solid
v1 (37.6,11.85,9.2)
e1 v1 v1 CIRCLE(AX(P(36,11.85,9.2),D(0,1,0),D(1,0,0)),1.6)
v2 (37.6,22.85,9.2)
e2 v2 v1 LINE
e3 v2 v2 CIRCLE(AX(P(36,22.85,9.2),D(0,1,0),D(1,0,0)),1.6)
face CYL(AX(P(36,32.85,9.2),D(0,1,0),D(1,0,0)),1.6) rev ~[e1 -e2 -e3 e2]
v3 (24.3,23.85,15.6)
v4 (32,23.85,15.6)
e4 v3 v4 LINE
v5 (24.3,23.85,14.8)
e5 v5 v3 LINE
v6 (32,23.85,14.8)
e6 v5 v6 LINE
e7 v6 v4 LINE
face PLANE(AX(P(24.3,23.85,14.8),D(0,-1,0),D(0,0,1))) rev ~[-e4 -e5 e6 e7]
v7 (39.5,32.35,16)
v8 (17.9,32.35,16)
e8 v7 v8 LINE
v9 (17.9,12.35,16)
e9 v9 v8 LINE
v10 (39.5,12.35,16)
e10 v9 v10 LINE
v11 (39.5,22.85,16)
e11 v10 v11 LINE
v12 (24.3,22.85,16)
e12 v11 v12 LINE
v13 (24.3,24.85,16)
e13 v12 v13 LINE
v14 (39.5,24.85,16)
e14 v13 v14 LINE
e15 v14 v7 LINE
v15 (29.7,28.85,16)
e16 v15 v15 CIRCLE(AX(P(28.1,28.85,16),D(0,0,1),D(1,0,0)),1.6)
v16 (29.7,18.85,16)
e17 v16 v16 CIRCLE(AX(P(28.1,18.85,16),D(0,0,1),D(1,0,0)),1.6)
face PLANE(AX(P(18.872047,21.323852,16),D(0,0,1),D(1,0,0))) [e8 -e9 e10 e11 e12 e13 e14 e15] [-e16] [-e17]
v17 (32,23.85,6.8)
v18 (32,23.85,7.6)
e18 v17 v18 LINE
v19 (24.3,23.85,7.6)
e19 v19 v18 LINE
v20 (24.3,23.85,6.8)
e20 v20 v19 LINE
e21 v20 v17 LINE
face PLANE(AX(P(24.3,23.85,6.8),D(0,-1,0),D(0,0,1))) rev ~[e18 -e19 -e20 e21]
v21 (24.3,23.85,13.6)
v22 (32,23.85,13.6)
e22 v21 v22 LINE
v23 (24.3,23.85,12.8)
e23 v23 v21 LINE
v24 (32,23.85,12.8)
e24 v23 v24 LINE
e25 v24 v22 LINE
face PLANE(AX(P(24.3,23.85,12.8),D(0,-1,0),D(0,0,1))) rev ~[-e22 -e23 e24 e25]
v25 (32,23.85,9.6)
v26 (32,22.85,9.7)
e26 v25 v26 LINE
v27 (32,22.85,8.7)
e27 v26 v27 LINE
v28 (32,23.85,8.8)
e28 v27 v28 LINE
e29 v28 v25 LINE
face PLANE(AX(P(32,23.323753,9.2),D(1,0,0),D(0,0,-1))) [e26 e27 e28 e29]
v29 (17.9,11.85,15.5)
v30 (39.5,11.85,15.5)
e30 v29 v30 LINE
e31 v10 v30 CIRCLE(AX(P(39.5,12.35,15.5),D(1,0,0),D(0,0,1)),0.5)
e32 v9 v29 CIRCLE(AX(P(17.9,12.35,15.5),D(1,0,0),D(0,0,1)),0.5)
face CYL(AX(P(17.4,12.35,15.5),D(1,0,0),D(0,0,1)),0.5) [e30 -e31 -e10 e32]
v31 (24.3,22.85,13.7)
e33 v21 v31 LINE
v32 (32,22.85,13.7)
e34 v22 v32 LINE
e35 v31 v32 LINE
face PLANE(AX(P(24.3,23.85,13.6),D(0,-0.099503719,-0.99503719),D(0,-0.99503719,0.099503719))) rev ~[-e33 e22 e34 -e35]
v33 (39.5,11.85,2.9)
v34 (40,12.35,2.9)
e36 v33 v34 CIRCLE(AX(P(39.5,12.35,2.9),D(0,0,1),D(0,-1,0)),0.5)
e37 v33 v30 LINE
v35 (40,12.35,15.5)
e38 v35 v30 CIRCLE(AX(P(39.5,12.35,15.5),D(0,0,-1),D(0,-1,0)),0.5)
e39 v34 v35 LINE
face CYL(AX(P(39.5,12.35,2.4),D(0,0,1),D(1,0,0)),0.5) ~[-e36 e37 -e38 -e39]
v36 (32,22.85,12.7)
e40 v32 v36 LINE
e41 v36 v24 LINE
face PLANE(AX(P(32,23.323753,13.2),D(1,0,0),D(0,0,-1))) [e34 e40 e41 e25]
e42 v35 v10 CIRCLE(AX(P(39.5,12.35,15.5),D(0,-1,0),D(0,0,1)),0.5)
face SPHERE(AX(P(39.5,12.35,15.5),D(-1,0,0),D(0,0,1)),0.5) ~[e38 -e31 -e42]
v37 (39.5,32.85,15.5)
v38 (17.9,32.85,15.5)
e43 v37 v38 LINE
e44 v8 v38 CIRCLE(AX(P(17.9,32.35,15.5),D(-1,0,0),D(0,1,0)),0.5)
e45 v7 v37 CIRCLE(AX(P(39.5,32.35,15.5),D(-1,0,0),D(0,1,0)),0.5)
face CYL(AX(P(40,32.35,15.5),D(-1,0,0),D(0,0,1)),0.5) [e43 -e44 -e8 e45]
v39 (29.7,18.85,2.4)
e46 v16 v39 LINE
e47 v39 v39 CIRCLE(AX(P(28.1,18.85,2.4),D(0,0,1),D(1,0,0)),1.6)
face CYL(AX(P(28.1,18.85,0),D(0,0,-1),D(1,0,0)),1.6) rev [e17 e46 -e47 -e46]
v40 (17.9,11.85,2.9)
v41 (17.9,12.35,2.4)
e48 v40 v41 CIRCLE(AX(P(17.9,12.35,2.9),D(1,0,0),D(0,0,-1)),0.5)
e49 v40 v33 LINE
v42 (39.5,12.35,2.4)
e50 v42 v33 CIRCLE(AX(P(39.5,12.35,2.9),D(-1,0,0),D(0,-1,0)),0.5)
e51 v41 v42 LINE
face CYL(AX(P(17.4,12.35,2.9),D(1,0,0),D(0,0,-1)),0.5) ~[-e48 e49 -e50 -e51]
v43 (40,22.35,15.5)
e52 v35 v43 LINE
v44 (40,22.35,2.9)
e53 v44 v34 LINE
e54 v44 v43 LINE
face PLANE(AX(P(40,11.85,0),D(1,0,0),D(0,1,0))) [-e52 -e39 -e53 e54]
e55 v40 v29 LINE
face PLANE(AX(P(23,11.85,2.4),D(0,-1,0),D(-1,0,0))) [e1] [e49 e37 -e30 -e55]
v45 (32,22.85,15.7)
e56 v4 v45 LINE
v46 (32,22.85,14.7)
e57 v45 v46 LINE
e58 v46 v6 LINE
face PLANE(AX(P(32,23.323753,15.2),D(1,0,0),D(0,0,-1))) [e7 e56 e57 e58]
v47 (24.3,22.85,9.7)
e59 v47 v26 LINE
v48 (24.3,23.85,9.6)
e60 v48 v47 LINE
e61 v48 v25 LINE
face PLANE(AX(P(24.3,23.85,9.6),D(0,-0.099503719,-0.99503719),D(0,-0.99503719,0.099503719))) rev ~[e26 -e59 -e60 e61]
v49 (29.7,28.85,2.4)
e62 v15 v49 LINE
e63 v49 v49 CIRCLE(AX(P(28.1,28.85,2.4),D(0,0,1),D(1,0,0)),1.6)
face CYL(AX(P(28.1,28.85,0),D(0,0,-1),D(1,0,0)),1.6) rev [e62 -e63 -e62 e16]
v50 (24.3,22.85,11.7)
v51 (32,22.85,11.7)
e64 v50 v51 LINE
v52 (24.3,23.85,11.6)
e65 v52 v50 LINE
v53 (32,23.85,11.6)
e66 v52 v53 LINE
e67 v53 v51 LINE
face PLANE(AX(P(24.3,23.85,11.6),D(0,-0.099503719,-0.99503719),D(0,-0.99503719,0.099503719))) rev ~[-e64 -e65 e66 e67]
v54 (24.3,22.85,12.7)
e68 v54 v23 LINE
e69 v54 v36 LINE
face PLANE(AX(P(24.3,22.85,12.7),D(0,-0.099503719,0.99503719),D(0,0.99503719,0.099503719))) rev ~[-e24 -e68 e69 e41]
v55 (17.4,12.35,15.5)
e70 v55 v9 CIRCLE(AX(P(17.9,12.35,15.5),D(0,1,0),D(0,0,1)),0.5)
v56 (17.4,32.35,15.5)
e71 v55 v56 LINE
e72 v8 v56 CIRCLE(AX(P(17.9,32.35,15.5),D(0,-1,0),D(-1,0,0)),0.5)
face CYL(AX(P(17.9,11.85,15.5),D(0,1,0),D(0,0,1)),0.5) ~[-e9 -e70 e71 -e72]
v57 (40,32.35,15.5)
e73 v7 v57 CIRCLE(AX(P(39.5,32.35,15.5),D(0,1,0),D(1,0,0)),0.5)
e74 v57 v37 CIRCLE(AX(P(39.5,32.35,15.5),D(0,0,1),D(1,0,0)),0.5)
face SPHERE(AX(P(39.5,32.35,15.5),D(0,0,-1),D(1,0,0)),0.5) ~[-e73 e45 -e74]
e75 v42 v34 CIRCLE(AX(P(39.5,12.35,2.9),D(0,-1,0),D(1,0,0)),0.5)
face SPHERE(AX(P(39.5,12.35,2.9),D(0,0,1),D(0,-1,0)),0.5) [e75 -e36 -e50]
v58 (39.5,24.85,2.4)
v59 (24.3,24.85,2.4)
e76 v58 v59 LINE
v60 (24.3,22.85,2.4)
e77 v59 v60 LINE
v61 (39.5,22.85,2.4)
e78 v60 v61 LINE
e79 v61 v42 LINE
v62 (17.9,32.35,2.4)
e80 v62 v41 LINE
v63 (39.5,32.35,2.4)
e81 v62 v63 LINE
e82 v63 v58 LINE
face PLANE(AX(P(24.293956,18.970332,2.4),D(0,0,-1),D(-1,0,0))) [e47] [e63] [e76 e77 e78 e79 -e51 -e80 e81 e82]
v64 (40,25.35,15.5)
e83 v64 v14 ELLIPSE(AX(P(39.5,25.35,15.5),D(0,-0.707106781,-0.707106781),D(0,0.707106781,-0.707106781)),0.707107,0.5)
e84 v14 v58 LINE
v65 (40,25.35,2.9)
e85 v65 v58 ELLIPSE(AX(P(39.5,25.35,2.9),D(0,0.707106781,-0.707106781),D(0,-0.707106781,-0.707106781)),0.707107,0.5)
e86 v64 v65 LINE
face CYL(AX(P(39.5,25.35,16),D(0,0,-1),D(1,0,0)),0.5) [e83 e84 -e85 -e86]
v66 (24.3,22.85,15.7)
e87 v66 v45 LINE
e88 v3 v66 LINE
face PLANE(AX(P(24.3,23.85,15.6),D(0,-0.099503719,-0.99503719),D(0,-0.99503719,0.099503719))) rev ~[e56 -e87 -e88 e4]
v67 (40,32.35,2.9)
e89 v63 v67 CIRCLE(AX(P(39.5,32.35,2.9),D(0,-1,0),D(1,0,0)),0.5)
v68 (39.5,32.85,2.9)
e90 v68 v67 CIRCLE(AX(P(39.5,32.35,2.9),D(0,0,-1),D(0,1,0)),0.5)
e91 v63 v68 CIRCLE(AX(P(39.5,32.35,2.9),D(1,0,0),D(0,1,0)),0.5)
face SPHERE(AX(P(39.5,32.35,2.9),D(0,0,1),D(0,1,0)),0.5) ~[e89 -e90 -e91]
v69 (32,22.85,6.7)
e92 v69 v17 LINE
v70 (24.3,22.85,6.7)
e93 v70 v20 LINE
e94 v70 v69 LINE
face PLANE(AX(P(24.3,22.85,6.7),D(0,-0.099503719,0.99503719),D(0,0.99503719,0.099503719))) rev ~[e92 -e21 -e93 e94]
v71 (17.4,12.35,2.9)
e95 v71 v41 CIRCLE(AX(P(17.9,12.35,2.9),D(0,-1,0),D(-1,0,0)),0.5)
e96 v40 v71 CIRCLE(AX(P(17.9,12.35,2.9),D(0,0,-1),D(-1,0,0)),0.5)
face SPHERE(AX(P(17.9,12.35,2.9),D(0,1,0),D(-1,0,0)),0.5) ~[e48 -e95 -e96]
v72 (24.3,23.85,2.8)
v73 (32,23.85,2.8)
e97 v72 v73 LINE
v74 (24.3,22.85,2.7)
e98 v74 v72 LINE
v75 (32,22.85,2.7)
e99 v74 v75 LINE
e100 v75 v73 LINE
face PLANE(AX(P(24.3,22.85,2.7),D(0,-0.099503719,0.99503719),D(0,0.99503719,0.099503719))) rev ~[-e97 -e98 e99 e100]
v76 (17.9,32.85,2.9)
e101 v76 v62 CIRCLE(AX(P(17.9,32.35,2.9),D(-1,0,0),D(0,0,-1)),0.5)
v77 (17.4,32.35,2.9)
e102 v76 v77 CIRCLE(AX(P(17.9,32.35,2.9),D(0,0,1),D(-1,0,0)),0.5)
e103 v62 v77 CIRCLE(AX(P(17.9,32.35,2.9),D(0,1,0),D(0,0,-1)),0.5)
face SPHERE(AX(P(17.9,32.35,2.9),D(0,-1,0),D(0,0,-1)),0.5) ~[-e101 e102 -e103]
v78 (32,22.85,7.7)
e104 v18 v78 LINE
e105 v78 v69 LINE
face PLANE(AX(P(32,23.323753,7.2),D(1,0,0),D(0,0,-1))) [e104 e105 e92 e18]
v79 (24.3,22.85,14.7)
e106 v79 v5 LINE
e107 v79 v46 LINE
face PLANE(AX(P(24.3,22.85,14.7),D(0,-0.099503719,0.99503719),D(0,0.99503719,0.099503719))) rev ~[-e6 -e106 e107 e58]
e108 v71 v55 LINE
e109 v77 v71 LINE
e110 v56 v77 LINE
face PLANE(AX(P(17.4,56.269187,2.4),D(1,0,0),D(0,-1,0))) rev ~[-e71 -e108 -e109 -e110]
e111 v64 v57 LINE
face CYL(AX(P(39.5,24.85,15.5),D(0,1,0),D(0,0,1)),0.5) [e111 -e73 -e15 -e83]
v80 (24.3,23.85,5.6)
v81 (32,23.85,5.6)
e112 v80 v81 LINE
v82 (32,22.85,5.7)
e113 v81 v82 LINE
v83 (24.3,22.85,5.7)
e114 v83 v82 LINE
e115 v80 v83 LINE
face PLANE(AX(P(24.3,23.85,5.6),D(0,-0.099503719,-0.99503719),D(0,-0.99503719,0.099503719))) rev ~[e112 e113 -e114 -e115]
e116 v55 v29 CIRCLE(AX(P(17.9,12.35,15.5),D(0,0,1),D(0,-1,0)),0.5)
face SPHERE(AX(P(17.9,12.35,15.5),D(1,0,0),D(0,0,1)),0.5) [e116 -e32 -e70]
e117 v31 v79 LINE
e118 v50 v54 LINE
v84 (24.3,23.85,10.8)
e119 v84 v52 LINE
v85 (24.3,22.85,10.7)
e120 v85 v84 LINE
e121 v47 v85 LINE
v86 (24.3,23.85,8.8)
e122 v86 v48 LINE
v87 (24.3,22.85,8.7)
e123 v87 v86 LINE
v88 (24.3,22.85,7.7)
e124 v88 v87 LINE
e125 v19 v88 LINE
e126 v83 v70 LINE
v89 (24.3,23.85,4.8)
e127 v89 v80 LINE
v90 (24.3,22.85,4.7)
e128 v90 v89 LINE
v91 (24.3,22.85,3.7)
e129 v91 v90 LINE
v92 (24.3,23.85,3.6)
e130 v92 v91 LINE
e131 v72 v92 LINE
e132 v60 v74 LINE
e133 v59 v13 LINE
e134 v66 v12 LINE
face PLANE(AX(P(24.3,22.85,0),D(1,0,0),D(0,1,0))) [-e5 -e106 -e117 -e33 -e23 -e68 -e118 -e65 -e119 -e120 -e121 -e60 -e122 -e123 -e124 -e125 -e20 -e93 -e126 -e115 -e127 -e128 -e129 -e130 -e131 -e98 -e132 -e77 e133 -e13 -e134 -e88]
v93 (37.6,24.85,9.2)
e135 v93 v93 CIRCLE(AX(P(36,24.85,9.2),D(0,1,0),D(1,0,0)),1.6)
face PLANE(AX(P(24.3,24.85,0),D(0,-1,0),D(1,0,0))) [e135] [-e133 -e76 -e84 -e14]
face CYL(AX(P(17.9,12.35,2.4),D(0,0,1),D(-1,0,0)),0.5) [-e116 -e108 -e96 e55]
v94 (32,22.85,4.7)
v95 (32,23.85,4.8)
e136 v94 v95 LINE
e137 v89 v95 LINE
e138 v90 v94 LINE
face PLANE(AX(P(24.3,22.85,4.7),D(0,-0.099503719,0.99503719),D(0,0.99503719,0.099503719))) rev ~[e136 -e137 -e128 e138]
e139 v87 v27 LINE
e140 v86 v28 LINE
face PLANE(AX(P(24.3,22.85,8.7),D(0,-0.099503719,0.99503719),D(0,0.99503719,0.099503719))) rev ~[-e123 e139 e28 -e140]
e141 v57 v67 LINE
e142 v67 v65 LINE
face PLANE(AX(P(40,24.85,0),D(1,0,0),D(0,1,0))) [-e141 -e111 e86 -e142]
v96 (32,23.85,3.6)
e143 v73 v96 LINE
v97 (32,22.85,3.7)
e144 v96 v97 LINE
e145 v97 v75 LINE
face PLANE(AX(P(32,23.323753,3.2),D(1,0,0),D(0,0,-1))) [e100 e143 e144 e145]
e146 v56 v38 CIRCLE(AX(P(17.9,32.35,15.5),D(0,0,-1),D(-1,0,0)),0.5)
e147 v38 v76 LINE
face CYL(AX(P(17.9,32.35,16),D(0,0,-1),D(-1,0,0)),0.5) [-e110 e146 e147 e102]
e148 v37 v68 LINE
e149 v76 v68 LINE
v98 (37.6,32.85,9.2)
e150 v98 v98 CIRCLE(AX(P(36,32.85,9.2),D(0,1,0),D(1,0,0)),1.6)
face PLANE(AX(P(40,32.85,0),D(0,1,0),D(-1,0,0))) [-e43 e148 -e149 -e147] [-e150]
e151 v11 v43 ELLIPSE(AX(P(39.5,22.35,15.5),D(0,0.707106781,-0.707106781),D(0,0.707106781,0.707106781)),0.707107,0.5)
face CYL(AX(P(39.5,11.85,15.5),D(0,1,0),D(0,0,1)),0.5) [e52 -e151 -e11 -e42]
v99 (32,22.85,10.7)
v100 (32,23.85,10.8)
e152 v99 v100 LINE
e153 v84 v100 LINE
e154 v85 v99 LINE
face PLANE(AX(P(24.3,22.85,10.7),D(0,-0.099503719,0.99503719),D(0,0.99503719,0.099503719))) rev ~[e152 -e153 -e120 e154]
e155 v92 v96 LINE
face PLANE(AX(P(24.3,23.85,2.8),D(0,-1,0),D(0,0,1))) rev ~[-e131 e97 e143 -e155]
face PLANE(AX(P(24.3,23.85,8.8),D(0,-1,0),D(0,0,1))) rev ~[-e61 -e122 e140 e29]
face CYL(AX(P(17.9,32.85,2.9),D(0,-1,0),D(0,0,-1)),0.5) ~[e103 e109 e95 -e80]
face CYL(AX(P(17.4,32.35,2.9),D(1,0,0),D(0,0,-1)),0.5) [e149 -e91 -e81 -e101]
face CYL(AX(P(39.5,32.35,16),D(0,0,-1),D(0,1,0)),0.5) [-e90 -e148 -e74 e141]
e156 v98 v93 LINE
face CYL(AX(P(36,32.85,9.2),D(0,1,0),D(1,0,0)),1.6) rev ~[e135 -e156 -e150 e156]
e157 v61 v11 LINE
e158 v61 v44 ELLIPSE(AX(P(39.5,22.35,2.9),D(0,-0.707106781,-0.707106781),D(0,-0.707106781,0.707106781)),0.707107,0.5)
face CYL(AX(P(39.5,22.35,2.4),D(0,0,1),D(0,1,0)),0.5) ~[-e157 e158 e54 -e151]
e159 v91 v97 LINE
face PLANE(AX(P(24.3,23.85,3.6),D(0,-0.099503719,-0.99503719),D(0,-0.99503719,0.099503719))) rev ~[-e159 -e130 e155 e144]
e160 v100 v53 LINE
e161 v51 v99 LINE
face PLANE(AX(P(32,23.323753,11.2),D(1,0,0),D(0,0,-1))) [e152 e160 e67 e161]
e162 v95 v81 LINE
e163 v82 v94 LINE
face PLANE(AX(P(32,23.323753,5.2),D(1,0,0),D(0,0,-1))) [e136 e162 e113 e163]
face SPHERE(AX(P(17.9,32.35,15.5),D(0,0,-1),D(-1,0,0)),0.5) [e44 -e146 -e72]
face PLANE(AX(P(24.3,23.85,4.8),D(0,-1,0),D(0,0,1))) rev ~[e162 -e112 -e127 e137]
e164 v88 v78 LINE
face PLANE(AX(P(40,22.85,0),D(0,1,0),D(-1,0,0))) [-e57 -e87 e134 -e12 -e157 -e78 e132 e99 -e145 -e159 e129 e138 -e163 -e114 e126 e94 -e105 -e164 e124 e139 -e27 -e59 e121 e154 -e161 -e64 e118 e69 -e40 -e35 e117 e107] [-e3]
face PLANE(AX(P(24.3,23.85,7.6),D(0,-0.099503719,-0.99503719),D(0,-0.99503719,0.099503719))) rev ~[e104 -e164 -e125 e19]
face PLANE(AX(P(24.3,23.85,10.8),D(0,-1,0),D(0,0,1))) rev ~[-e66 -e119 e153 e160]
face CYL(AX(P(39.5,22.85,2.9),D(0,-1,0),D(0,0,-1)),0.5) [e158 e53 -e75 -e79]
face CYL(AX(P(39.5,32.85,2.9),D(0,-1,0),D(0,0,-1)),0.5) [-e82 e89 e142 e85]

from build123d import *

# Parameters (mm, degrees)
SKETCH1_R               = 1.6
SKETCH1_R_2             = 5.7
BOSS_EXTRUDE1_DEPTH     = 16
SKETCH2_R               = 1.6
CUT_EXTRUDE1_DEPTH      = 18.4
SKETCH3_W               = 8
SKETCH3_H               = 4
CUT_EXTRUDE2_DEPTH      = 14.9
SKETCH4_R               = 2.6
CUT_EXTRUDE3_DEPTH      = 25
SKETCH5_R               = 6
CUT_EXTRUDE4_DEPTH      = 6
SKETCH6_R               = 4.025
CUT_EXTRUDE5_DEPTH      = 17.4
SKETCH7_R               = 7.95
CUT_EXTRUDE6_DEPTH      = 11
SKETCH8_R               = 7.95
CUT_EXTRUDE7_DEPTH      = 11
BOSS_EXTRUDE2_DEPTH     = 7.7
SKETCH10_R              = 1.6
CUT_EXTRUDE8_DEPTH      = 21
CUT_EXTRUDE9_DEPTH      = 20
CUT_EXTRUDE9_DEPTH_BACK = 20
FILLET2_R               = 0.5


with BuildPart() as part:
    # Sketch1 → Boss-Extrude1 (new body, symmetric)
    with BuildSketch(Plane.XY):
        with BuildLine():
            Line((0, 0), (23, 0))
            Line((23, 0), (23, 11.85))
            Line((23, 11.85), (40, 11.85))
            Line((40, 11.85), (40, 22.85))
            Line((40, 22.85), (24.3, 22.85))
            Line((24.3, 22.85), (24.3, 24.85))
            Line((24.3, 24.85), (40, 24.85))
            Line((40, 24.85), (40, 32.85))
            Line((40, 32.85), (15.939721203, 32.85))
            ThreePointArc((15.939721203, 32.85), (-0.817389789, 43.335843617), (1.211999203, 23.672800478))
            ThreePointArc((1.211999203, 23.672800478), (2.953099737, 18.191047558), (0, 13.255437353))
            Line((0, 13.255437353), (0, 0))
        make_face()
        with Locations((28.1, 28.85)):
            Circle(SKETCH1_R, mode=Mode.SUBTRACT)
        with Locations((28.1, 18.85)):
            Circle(SKETCH1_R, mode=Mode.SUBTRACT)
        with Locations((5, 34)):
            Circle(SKETCH1_R_2, mode=Mode.SUBTRACT)
    extrude(amount=BOSS_EXTRUDE1_DEPTH, both=True)

    # Sketch2 → Cut-Extrude1 (cut)
    with BuildSketch(Plane(origin=(0, 0, -16), x_dir=(-1, 0, 0), z_dir=(0, 0, -1))):
        with BuildLine():
            Line((-23, 0), (-15, 0))
            Line((-15, 0), (-15, 16.5))
            Line((-15, 16.5), (-2.538348415, 16.5))
            ThreePointArc((-2.538348415, 16.5), (-2.706537293, 16.994418404), (-2.837397166, 17.5))
            Line((-2.837397166, 17.5), (-15, 17.5))
            Line((-15, 17.5), (-15, 29.417424305))
            ThreePointArc((-15, 29.417424305), (-15.609600605, 31.095456144), (-15.939721203, 32.85))
            Line((-15.939721203, 32.85), (-40, 32.85))
            Line((-40, 32.85), (-40, 24.85))
            Line((-40, 24.85), (-24.3, 24.85))
            Line((-24.3, 24.85), (-24.3, 22.85))
            Line((-24.3, 22.85), (-40, 22.85))
            Line((-40, 22.85), (-40, 11.85))
            Line((-40, 11.85), (-23, 11.85))
            Line((-23, 11.85), (-23, 0))
        make_face()
        with Locations((-28.1, 18.85)):
            Circle(SKETCH2_R, mode=Mode.SUBTRACT)
        with Locations((-28.1, 28.85)):
            Circle(SKETCH2_R, mode=Mode.SUBTRACT)
    extrude(amount=-CUT_EXTRUDE1_DEPTH, mode=Mode.SUBTRACT)

    # Sketch3 → Cut-Extrude2 (cut)
    with BuildSketch(Plane(origin=(0, 0, -16), x_dir=(-1, 0, 0), z_dir=(0, 0, -1))):
        with Locations((-8.7, 21.5)):
            Rectangle(SKETCH3_W, SKETCH3_H)
    extrude(amount=-CUT_EXTRUDE2_DEPTH, mode=Mode.SUBTRACT)

    # Sketch4 → Cut-Extrude3 (cut)
    with BuildSketch(Plane.XZ):
        with Locations((8.7, -7.6)):
            Circle(SKETCH4_R)
    extrude(amount=-CUT_EXTRUDE3_DEPTH, mode=Mode.SUBTRACT)

    # Sketch5 → Cut-Extrude4 (cut)
    with BuildSketch(Plane.XZ):
        with Locations((8.7, -7.6)):
            Circle(SKETCH5_R)
    extrude(amount=-CUT_EXTRUDE4_DEPTH, mode=Mode.SUBTRACT)

    # Sketch6 → Cut-Extrude5 (cut)
    with BuildSketch(Plane.ZY):
        with Locations((4.2, 17)):
            Circle(SKETCH6_R)
    extrude(amount=-CUT_EXTRUDE5_DEPTH, mode=Mode.SUBTRACT)

    # Sketch7 → Cut-Extrude6 (cut)
    with BuildSketch(Plane(origin=(0, 0, -16), x_dir=(-1, 0, 0), z_dir=(0, 0, -1))):
        with Locations((-5, 34)):
            Circle(SKETCH7_R)
    extrude(amount=-CUT_EXTRUDE6_DEPTH, mode=Mode.SUBTRACT)

    # Sketch8 → Cut-Extrude7 (cut)
    with BuildSketch(Plane.XY.offset(16)):
        with Locations((5, 34)):
            Circle(SKETCH8_R)
    extrude(amount=-CUT_EXTRUDE7_DEPTH, mode=Mode.SUBTRACT)

    # Sketch9 → Boss-Extrude2 (add)
    with BuildSketch(Plane(origin=(24.3, 0, 0), x_dir=(0, 0, -1), z_dir=(1, 0, 0))):
        Polygon((-15.7, 22.85), (-14.7, 22.85), (-14.8, 23.85), (-15.6, 23.85), align=None)
        Polygon((-13.6, 23.85), (-13.7, 22.85), (-12.7, 22.85), (-12.8, 23.85), align=None)
        Polygon((-11.6, 23.85), (-11.7, 22.85), (-10.7, 22.85), (-10.8, 23.85), align=None)
        Polygon((-9.6, 23.85), (-9.7, 22.85), (-8.7, 22.85), (-8.8, 23.85), align=None)
        Polygon((-7.6, 23.85), (-7.7, 22.85), (-6.7, 22.85), (-6.8, 23.85), align=None)
        Polygon((-5.6, 23.85), (-5.7, 22.85), (-4.7, 22.85), (-4.8, 23.85), align=None)
        Polygon((-3.6, 23.85), (-3.7, 22.85), (-2.7, 22.85), (-2.8, 23.85), align=None)
    extrude(amount=BOSS_EXTRUDE2_DEPTH)

    # Sketch10 → Cut-Extrude8 (cut)
    with BuildSketch(Plane(origin=(0, 32.85, 0), x_dir=(1, 0, 0), z_dir=(0, 1, 0))):
        with Locations((36, -9.2)):
            Circle(SKETCH10_R)
    extrude(amount=-CUT_EXTRUDE8_DEPTH, mode=Mode.SUBTRACT)

    # Sketch11 → Cut-Extrude9 (cut, two sides)
    with BuildSketch(Plane(origin=(0, 0, 2.4), x_dir=(-1, 0, 0), z_dir=(0, 0, -1))) as cut_extrude9_sk:
        Polygon((-23, 11.85), (-17.4, 11.85), (-17.4, 32.85), (-17.4, 56.269186849), (20.068849224, 56.269186849), (20.068849224, -12.231640917), (-23, -11.328049524), (-29.029830536, 8.113428838), align=None)
    extrude(amount=CUT_EXTRUDE9_DEPTH, mode=Mode.SUBTRACT)
    extrude(cut_extrude9_sk.sketch, amount=-CUT_EXTRUDE9_DEPTH_BACK, mode=Mode.SUBTRACT)

    # Fillet2
    fillet2_edges = [part.edges().sort_by_distance(p)[0] for p in [
        (28.7, 11.85, 16),
        (17.4, 22.35, 2.4),
        (40, 17.35, 16),
        (40, 32.85, 9.2),
        (40, 24.85, 9.2),
        (40, 22.85, 9.2),
        (40, 11.85, 9.2),
        (28.7, 32.85, 2.4),
        (17.4, 32.85, 9.2),
        (17.4, 22.35, 16),
        (17.4, 11.85, 9.2),
        (40, 28.85, 16),
        (28.7, 32.85, 16),
        (28.7, 11.85, 2.4),
        (40, 17.35, 2.4),
        (40, 28.85, 2.4),
    ]]
    fillet(fillet2_edges, radius=FILLET2_R)


solid = part.part
